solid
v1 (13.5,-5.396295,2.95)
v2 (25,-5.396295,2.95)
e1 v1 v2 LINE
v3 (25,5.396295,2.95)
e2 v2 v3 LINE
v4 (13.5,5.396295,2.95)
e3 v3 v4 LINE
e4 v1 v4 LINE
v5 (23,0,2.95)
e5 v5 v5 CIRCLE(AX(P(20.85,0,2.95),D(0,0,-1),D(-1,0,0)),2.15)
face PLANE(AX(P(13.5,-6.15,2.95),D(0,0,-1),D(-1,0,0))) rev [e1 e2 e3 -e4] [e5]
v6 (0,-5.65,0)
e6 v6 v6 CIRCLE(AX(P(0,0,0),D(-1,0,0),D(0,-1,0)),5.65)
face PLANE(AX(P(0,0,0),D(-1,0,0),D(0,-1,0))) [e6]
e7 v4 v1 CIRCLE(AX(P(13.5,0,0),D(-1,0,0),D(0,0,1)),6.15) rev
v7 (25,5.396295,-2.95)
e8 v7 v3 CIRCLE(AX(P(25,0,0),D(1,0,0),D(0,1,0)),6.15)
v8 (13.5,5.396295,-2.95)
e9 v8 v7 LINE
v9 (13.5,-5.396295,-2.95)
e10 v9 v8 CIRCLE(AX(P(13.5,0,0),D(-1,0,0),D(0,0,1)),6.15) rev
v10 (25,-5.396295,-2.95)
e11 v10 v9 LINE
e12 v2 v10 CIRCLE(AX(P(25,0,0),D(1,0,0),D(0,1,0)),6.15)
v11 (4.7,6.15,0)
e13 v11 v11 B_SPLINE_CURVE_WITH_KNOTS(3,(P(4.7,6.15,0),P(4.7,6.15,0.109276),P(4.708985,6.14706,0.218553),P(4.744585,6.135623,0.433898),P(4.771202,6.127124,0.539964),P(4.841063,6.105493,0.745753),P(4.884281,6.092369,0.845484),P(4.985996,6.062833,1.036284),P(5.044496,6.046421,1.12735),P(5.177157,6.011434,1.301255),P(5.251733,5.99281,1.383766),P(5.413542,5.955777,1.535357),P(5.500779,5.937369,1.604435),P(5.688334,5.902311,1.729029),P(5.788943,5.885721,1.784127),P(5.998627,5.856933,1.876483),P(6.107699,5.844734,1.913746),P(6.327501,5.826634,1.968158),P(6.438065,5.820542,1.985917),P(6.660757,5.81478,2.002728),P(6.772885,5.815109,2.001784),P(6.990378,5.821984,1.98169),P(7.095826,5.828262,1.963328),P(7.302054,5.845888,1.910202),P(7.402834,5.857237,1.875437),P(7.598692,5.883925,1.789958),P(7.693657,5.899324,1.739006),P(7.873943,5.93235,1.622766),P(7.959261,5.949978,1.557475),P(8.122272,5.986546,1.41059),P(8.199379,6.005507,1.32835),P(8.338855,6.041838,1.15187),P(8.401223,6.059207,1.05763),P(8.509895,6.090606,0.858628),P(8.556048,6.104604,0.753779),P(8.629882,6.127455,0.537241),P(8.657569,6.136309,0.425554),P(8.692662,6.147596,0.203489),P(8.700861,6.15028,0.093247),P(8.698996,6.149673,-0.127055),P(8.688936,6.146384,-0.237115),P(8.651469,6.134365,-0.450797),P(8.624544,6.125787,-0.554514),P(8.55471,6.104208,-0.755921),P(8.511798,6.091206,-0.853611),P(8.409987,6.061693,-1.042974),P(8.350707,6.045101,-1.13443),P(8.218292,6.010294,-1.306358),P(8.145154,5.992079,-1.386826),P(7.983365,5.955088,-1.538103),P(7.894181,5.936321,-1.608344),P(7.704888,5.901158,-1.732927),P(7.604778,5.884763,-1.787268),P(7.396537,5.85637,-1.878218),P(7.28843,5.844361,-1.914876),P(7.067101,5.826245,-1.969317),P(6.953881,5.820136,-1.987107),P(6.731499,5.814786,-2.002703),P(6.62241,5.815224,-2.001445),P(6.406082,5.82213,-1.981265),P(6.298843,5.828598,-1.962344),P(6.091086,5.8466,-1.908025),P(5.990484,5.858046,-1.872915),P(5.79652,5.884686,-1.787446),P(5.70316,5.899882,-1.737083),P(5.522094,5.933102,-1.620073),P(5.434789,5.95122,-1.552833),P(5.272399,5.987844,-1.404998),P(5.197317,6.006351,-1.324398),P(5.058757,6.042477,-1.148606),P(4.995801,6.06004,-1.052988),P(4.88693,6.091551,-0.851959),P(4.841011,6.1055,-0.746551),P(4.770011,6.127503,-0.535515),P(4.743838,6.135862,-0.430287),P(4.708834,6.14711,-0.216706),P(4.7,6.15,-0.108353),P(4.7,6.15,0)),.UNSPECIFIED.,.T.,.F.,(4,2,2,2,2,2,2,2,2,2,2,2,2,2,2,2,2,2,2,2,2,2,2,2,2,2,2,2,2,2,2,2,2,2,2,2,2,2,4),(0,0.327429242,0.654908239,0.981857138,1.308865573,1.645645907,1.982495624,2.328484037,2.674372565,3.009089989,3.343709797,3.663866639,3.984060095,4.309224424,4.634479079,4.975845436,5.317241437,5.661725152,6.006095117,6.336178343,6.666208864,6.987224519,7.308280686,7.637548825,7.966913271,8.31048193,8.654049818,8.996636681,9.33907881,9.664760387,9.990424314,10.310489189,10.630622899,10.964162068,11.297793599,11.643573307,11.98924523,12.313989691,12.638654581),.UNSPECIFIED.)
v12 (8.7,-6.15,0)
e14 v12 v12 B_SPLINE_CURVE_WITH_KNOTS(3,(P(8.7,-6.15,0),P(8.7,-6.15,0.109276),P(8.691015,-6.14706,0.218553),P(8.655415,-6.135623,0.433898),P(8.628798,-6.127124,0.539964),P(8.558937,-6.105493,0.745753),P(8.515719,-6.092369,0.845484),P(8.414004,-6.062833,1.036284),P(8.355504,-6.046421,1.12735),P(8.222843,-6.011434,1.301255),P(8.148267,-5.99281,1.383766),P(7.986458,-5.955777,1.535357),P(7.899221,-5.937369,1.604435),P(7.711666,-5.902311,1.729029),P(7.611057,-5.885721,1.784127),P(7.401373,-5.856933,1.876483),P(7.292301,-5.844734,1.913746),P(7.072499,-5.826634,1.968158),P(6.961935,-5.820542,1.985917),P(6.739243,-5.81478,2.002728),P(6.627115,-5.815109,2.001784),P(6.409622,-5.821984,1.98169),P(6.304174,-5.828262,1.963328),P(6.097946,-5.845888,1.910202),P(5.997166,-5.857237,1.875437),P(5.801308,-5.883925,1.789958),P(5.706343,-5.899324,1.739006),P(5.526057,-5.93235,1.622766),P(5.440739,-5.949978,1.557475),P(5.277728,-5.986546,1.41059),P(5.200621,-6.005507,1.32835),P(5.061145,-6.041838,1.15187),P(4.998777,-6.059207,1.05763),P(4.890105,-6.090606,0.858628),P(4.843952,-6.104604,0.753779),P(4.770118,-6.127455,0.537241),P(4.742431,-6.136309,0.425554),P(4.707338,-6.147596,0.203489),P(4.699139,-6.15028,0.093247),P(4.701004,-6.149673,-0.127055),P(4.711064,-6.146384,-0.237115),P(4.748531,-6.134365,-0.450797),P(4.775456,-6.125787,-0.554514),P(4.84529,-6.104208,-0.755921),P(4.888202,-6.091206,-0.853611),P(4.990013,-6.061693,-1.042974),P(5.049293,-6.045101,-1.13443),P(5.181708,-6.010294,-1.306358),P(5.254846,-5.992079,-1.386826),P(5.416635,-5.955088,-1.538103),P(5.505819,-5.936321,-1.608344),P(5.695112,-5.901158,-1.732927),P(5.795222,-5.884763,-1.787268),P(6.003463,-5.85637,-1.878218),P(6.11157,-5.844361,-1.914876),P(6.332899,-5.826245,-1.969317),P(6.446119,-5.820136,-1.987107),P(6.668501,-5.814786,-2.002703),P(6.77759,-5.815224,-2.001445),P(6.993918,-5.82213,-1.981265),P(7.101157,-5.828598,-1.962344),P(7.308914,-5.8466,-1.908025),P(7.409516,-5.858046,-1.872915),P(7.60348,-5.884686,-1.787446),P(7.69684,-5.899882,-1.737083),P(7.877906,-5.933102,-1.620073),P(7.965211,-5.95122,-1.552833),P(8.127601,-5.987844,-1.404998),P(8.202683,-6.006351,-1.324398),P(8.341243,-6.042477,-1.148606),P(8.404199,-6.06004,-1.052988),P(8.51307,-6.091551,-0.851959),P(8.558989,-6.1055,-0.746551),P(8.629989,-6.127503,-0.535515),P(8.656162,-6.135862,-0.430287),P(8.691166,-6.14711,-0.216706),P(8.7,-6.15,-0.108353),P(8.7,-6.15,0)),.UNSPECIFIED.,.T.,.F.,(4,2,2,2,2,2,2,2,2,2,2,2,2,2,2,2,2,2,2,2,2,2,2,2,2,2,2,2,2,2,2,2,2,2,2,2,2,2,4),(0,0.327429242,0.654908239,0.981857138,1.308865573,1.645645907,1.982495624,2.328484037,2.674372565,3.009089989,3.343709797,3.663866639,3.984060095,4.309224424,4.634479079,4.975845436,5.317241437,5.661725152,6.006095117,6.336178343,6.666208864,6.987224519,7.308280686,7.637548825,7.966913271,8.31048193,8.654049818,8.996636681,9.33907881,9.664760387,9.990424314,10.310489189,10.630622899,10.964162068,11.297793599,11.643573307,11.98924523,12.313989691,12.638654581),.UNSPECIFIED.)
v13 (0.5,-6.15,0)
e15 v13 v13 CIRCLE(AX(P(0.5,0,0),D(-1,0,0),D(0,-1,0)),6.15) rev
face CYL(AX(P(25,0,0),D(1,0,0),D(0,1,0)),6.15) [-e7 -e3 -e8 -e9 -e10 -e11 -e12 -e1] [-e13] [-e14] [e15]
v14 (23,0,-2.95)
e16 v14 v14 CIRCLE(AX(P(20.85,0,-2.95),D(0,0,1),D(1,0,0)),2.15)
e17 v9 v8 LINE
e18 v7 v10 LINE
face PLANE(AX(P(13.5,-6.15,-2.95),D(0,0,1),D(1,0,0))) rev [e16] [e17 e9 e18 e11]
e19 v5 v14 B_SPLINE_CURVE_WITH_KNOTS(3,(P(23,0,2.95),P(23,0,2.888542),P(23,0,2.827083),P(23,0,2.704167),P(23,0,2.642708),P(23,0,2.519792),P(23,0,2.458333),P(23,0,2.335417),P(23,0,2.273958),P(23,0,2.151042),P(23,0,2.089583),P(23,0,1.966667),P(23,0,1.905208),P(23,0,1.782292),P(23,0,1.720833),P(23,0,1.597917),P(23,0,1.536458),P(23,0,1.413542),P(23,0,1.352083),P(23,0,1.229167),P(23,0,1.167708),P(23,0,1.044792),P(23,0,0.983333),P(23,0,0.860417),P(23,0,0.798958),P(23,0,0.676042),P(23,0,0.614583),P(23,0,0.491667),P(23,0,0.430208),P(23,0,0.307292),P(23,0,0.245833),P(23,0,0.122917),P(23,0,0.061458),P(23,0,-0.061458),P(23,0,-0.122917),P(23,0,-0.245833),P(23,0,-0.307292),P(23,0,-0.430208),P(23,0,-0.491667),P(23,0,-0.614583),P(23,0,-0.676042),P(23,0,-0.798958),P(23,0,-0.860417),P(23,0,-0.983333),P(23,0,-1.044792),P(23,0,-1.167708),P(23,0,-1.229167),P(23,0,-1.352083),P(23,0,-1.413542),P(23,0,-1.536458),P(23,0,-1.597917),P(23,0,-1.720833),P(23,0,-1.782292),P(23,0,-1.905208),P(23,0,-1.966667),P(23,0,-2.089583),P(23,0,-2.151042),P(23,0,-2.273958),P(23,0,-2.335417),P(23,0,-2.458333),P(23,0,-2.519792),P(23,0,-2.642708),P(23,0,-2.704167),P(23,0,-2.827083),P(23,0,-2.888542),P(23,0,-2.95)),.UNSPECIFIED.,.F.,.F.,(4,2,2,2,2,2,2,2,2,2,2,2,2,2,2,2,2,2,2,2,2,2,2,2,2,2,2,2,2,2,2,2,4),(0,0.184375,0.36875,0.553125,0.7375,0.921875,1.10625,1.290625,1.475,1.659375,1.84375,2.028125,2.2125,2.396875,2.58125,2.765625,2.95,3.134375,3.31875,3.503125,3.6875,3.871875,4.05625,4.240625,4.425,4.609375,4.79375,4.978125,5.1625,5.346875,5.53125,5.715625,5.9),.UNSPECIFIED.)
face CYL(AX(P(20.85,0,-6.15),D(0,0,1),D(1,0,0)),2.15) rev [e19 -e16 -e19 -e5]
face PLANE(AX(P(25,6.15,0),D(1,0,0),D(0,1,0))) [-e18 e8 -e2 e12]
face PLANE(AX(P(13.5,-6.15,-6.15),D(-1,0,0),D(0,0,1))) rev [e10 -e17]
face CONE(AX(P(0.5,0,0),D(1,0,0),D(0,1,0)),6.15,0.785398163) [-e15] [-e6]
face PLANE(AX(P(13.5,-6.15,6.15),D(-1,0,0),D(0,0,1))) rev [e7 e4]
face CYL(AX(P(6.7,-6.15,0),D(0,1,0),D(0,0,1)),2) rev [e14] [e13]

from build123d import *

# Parameters (mm, degrees)
SKETCH1_W               = 25
SKETCH1_H               = 6.15
CHAMFER1_SIZE           = 0.5
CUT_EXTRUDE1_DEPTH      = 27.469699658
CUT_EXTRUDE1_DEPTH_BACK = 27.469699658
SKETCH3_R               = 2
CUT_EXTRUDE3_DEPTH      = 27.469699799
CUT_EXTRUDE3_DEPTH_BACK = 27.469699799
SKETCH6_W               = 11.5
SKETCH6_H               = 3.2
CUT_EXTRUDE4_DEPTH      = 27.469699799
CUT_EXTRUDE4_DEPTH_BACK = 27.469699799
SKETCH11_R              = 2.15


with BuildPart() as part:
    # Sketch1 → Revolve1 (revolve)
    with BuildSketch(Plane.XY):
        with Locations((12.5, 3.075)):
            Rectangle(SKETCH1_W, SKETCH1_H)
    revolve(axis=Axis((25, 0, 0), (-1, 0, 0)))

    # Chamfer1
    chamfer1_edges = [part.edges().sort_by_distance(p)[0] for p in [
        (0, -6.15, 0),
    ]]
    chamfer(chamfer1_edges, length=CHAMFER1_SIZE)

    # Sketch3 → Cut-Extrude1 (cut, two sides: drawn at the far end of the back side and taken through both)
    with BuildSketch(Plane(origin=(0, 0, 0), x_dir=(1, 0, 0), z_dir=(0, 1, 0)).offset(-CUT_EXTRUDE1_DEPTH_BACK)):
        with Locations((6.7, 0)):
            Circle(SKETCH3_R)
    extrude(amount=CUT_EXTRUDE1_DEPTH + CUT_EXTRUDE1_DEPTH_BACK, mode=Mode.SUBTRACT)

    # Sketch6 → Cut-Extrude3 (cut, two sides: drawn at the far end of the back side and taken through both)
    with BuildSketch(Plane(origin=(0, 0, 0), x_dir=(1, 0, 0), z_dir=(0, 1, 0)).offset(-CUT_EXTRUDE3_DEPTH_BACK)):
        with Locations((19.25, -4.55)):
            Rectangle(SKETCH6_W, SKETCH6_H)
        with Locations((19.25, 4.55)):
            Rectangle(SKETCH6_W, SKETCH6_H)
    extrude(amount=CUT_EXTRUDE3_DEPTH + CUT_EXTRUDE3_DEPTH_BACK, mode=Mode.SUBTRACT)

    # Sketch11 → Cut-Extrude4 (cut, two sides: drawn at the far end of the back side and taken through both)
    with BuildSketch(Plane.XY.offset(-CUT_EXTRUDE4_DEPTH_BACK)):
        with Locations((20.85, 0)):
            Circle(SKETCH11_R)
    extrude(amount=CUT_EXTRUDE4_DEPTH + CUT_EXTRUDE4_DEPTH_BACK, mode=Mode.SUBTRACT)


solid = part.part
